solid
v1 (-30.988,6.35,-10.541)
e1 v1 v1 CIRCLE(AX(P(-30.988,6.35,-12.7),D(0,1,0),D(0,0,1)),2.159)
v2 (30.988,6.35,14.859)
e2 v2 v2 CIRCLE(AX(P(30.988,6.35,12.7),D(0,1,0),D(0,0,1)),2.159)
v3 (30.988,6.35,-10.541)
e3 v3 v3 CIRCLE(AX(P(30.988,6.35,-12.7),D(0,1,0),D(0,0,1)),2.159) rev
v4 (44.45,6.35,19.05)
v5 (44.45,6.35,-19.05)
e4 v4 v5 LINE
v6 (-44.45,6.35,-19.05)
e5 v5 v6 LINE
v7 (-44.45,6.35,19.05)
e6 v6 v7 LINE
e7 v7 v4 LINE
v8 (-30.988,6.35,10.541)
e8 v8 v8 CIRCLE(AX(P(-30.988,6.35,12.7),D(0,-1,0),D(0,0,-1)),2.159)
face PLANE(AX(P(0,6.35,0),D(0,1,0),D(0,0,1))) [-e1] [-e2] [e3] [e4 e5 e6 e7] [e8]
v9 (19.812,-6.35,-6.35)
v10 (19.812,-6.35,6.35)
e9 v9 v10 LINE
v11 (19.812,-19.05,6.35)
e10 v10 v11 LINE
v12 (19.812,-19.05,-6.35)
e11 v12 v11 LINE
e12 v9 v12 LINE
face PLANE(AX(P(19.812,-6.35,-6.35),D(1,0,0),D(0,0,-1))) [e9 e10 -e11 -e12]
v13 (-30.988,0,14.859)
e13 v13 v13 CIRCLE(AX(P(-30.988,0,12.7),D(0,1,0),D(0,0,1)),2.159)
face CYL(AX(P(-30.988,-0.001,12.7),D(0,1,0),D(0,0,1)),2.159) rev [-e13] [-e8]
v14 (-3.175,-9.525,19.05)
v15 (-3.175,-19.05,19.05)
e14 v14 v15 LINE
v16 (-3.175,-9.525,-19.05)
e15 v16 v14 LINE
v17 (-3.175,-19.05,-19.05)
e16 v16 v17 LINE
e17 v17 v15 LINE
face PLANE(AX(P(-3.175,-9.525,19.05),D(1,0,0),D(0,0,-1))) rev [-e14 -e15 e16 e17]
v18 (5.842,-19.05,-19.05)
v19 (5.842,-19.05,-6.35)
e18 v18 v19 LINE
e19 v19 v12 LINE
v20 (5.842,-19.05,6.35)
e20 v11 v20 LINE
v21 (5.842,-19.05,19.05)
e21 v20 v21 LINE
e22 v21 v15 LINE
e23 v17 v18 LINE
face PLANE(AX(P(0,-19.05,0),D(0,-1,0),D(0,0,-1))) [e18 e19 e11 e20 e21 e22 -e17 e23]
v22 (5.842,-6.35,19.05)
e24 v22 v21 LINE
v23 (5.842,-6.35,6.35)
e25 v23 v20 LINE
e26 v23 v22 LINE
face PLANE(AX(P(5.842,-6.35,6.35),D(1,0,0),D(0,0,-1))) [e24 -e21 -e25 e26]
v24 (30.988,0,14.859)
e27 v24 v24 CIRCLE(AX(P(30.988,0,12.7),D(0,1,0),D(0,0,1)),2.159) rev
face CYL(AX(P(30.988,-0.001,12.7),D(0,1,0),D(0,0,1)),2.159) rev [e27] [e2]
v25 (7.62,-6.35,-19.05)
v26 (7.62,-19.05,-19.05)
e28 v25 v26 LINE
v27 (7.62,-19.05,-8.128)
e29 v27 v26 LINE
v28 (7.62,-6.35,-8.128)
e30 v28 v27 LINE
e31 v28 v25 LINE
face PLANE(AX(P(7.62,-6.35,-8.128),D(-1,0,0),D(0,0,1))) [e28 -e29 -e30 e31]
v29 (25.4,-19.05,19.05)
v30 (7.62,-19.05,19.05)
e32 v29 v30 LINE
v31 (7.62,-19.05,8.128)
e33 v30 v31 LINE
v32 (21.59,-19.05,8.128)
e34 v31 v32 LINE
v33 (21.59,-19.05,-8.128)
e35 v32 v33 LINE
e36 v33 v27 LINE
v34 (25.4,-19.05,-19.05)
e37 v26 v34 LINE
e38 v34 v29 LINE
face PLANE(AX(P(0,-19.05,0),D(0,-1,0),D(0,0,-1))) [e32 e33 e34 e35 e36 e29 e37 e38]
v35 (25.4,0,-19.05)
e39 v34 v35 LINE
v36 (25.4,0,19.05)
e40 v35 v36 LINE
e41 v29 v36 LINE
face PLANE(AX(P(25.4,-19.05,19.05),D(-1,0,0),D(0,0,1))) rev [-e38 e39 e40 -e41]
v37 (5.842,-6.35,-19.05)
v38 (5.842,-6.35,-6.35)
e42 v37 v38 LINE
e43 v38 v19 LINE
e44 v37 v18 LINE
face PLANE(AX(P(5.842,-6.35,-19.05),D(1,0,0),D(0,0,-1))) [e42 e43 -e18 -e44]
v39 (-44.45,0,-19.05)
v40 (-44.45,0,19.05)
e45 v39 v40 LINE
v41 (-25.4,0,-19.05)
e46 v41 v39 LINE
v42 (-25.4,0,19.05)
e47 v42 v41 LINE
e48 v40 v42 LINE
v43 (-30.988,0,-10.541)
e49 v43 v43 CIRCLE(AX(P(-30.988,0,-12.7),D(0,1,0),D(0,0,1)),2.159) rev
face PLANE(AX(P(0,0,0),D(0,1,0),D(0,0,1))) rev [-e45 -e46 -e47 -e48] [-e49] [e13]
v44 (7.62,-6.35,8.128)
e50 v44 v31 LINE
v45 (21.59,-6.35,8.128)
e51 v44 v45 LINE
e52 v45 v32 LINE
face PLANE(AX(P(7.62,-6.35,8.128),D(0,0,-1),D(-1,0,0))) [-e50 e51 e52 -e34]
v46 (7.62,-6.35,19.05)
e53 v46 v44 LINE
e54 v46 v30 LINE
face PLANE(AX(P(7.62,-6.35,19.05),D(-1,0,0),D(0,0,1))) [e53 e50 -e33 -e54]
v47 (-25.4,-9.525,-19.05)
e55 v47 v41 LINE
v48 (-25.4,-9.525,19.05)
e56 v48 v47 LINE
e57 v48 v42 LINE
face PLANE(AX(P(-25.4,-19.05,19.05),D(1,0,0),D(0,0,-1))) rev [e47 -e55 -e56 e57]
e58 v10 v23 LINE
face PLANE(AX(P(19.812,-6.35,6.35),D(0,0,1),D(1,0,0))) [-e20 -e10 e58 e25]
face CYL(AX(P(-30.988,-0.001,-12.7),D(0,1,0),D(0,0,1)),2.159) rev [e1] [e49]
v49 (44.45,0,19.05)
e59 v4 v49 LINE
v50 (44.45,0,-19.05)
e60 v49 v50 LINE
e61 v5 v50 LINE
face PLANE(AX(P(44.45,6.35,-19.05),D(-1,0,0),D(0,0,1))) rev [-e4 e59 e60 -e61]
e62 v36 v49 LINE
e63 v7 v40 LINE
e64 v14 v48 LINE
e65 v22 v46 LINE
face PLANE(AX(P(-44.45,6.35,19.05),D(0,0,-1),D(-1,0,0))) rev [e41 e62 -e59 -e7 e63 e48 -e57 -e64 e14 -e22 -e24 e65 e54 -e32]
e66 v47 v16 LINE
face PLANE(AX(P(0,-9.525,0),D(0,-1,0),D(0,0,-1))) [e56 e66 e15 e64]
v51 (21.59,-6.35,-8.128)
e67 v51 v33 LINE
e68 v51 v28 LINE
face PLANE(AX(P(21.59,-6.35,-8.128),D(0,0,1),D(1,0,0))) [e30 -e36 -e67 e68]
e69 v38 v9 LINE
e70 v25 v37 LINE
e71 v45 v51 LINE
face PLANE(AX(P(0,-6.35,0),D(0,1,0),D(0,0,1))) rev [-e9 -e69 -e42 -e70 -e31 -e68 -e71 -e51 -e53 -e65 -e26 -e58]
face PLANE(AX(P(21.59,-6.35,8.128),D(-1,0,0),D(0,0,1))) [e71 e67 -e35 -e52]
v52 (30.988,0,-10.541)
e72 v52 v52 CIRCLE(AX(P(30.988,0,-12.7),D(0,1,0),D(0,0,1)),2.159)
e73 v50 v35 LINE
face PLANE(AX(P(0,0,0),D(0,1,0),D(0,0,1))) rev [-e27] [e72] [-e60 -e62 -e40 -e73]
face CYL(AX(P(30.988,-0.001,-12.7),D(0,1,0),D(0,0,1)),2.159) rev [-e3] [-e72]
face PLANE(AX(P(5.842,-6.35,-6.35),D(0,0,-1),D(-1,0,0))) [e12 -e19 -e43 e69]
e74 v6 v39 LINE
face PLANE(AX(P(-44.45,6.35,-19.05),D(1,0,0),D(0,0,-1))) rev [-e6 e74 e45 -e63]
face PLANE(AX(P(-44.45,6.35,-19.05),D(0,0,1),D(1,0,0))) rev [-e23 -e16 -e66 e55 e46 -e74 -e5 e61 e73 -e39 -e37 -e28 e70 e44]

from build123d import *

# Parameters (mm, degrees)
SKETCH1_W           = 88.9
SKETCH1_H           = 38.1
BOSS_EXTRUDE1_DEPTH = 6.35
CUT_EXTRUDE1_REACH  = 50.775
SKETCH2_R           = 2.159
SKETCH3_W           = 50.8
SKETCH3_H           = 38.1
BOSS_EXTRUDE2_DEPTH = 19.05
SKETCH4_W           = 22.225
SKETCH4_H           = 38.1
CUT_EXTRUDE2_DEPTH  = 9.525
CUT_EXTRUDE3_DEPTH  = 12.7


with BuildPart() as part:
    # Sketch1 → Boss-Extrude1 (new body)
    with BuildSketch(Plane(origin=(0, 0, 0), x_dir=(1, 0, 0), z_dir=(0, 1, 0))):
        Rectangle(SKETCH1_W, SKETCH1_H)
    extrude(amount=BOSS_EXTRUDE1_DEPTH)

    # Sketch2 → Cut-Extrude1 (cut, up to next)
    with BuildSketch(Plane(origin=(0, 6.35, 0), x_dir=(1, 0, 0), z_dir=(0, 1, 0)), mode=Mode.PRIVATE) as cut_extrude1_sk1:
        with Locations(Location((-30.988, 12.7, 0), (0, 0, 270))):
            Circle(SKETCH2_R)
    cut_extrude1_tool1 = extrude(cut_extrude1_sk1.sketch, amount=-CUT_EXTRUDE1_REACH, mode=Mode.PRIVATE) & part.part
    # Sketch2 → Cut-Extrude1 (cut, up to next)
    with BuildSketch(Plane(origin=(0, 6.35, 0), x_dir=(1, 0, 0), z_dir=(0, 1, 0)), mode=Mode.PRIVATE) as cut_extrude1_sk2:
        with Locations(Location((30.988, 12.7, 0), (0, 0, 270))):
            Circle(SKETCH2_R)
    cut_extrude1_tool2 = extrude(cut_extrude1_sk2.sketch, amount=-CUT_EXTRUDE1_REACH, mode=Mode.PRIVATE) & part.part
    # Sketch2 → Cut-Extrude1 (cut, up to next)
    with BuildSketch(Plane(origin=(0, 6.35, 0), x_dir=(1, 0, 0), z_dir=(0, 1, 0)), mode=Mode.PRIVATE) as cut_extrude1_sk3:
        with Locations(Location((30.988, -12.7, 0), (0, 0, 270))):
            Circle(SKETCH2_R)
    cut_extrude1_tool3 = extrude(cut_extrude1_sk3.sketch, amount=-CUT_EXTRUDE1_REACH, mode=Mode.PRIVATE) & part.part
    # Sketch2 → Cut-Extrude1 (cut, up to next)
    with BuildSketch(Plane(origin=(0, 6.35, 0), x_dir=(1, 0, 0), z_dir=(0, 1, 0)), mode=Mode.PRIVATE) as cut_extrude1_sk4:
        with Locations(Location((-30.988, -12.7, 0), (0, 0, 270))):
            Circle(SKETCH2_R)
    cut_extrude1_tool4 = extrude(cut_extrude1_sk4.sketch, amount=-CUT_EXTRUDE1_REACH, mode=Mode.PRIVATE) & part.part
    add(cut_extrude1_tool1.solids().sort_by_distance((-30.988, 6.35, -12.7))[0], mode=Mode.SUBTRACT)
    add(cut_extrude1_tool2.solids().sort_by_distance((30.988, 6.35, -12.7))[0], mode=Mode.SUBTRACT)
    add(cut_extrude1_tool3.solids().sort_by_distance((30.988, 6.35, 12.7))[0], mode=Mode.SUBTRACT)
    add(cut_extrude1_tool4.solids().sort_by_distance((-30.988, 6.35, 12.7))[0], mode=Mode.SUBTRACT)

    # Sketch3 → Boss-Extrude2 (add)
    with BuildSketch(Plane.XZ):
        Rectangle(SKETCH3_W, SKETCH3_H)
    extrude(amount=BOSS_EXTRUDE2_DEPTH)

    # Sketch4 → Cut-Extrude2 (cut)
    with BuildSketch(Plane(origin=(0, -19.05, 0), x_dir=(-1, 0, 0), z_dir=(0, -1, 0))):
        with Locations((14.2875, 0)):
            Rectangle(SKETCH4_W, SKETCH4_H)
    extrude(amount=-CUT_EXTRUDE2_DEPTH, mode=Mode.SUBTRACT)

    # Sketch5 → Cut-Extrude3 (cut)
    with BuildSketch(Plane.XZ.offset(19.05)):
        Polygon((5.842, -19.05), (5.842, -6.35), (19.812, -6.35), (19.812, 6.35), (5.842, 6.35), (5.842, 19.05), (7.62, 19.05), (7.62, 8.128), (21.59, 8.128), (21.59, -8.128), (7.62, -8.128), (7.62, -19.05), align=None)
    extrude(amount=-CUT_EXTRUDE3_DEPTH, mode=Mode.SUBTRACT)


solid = part.part
